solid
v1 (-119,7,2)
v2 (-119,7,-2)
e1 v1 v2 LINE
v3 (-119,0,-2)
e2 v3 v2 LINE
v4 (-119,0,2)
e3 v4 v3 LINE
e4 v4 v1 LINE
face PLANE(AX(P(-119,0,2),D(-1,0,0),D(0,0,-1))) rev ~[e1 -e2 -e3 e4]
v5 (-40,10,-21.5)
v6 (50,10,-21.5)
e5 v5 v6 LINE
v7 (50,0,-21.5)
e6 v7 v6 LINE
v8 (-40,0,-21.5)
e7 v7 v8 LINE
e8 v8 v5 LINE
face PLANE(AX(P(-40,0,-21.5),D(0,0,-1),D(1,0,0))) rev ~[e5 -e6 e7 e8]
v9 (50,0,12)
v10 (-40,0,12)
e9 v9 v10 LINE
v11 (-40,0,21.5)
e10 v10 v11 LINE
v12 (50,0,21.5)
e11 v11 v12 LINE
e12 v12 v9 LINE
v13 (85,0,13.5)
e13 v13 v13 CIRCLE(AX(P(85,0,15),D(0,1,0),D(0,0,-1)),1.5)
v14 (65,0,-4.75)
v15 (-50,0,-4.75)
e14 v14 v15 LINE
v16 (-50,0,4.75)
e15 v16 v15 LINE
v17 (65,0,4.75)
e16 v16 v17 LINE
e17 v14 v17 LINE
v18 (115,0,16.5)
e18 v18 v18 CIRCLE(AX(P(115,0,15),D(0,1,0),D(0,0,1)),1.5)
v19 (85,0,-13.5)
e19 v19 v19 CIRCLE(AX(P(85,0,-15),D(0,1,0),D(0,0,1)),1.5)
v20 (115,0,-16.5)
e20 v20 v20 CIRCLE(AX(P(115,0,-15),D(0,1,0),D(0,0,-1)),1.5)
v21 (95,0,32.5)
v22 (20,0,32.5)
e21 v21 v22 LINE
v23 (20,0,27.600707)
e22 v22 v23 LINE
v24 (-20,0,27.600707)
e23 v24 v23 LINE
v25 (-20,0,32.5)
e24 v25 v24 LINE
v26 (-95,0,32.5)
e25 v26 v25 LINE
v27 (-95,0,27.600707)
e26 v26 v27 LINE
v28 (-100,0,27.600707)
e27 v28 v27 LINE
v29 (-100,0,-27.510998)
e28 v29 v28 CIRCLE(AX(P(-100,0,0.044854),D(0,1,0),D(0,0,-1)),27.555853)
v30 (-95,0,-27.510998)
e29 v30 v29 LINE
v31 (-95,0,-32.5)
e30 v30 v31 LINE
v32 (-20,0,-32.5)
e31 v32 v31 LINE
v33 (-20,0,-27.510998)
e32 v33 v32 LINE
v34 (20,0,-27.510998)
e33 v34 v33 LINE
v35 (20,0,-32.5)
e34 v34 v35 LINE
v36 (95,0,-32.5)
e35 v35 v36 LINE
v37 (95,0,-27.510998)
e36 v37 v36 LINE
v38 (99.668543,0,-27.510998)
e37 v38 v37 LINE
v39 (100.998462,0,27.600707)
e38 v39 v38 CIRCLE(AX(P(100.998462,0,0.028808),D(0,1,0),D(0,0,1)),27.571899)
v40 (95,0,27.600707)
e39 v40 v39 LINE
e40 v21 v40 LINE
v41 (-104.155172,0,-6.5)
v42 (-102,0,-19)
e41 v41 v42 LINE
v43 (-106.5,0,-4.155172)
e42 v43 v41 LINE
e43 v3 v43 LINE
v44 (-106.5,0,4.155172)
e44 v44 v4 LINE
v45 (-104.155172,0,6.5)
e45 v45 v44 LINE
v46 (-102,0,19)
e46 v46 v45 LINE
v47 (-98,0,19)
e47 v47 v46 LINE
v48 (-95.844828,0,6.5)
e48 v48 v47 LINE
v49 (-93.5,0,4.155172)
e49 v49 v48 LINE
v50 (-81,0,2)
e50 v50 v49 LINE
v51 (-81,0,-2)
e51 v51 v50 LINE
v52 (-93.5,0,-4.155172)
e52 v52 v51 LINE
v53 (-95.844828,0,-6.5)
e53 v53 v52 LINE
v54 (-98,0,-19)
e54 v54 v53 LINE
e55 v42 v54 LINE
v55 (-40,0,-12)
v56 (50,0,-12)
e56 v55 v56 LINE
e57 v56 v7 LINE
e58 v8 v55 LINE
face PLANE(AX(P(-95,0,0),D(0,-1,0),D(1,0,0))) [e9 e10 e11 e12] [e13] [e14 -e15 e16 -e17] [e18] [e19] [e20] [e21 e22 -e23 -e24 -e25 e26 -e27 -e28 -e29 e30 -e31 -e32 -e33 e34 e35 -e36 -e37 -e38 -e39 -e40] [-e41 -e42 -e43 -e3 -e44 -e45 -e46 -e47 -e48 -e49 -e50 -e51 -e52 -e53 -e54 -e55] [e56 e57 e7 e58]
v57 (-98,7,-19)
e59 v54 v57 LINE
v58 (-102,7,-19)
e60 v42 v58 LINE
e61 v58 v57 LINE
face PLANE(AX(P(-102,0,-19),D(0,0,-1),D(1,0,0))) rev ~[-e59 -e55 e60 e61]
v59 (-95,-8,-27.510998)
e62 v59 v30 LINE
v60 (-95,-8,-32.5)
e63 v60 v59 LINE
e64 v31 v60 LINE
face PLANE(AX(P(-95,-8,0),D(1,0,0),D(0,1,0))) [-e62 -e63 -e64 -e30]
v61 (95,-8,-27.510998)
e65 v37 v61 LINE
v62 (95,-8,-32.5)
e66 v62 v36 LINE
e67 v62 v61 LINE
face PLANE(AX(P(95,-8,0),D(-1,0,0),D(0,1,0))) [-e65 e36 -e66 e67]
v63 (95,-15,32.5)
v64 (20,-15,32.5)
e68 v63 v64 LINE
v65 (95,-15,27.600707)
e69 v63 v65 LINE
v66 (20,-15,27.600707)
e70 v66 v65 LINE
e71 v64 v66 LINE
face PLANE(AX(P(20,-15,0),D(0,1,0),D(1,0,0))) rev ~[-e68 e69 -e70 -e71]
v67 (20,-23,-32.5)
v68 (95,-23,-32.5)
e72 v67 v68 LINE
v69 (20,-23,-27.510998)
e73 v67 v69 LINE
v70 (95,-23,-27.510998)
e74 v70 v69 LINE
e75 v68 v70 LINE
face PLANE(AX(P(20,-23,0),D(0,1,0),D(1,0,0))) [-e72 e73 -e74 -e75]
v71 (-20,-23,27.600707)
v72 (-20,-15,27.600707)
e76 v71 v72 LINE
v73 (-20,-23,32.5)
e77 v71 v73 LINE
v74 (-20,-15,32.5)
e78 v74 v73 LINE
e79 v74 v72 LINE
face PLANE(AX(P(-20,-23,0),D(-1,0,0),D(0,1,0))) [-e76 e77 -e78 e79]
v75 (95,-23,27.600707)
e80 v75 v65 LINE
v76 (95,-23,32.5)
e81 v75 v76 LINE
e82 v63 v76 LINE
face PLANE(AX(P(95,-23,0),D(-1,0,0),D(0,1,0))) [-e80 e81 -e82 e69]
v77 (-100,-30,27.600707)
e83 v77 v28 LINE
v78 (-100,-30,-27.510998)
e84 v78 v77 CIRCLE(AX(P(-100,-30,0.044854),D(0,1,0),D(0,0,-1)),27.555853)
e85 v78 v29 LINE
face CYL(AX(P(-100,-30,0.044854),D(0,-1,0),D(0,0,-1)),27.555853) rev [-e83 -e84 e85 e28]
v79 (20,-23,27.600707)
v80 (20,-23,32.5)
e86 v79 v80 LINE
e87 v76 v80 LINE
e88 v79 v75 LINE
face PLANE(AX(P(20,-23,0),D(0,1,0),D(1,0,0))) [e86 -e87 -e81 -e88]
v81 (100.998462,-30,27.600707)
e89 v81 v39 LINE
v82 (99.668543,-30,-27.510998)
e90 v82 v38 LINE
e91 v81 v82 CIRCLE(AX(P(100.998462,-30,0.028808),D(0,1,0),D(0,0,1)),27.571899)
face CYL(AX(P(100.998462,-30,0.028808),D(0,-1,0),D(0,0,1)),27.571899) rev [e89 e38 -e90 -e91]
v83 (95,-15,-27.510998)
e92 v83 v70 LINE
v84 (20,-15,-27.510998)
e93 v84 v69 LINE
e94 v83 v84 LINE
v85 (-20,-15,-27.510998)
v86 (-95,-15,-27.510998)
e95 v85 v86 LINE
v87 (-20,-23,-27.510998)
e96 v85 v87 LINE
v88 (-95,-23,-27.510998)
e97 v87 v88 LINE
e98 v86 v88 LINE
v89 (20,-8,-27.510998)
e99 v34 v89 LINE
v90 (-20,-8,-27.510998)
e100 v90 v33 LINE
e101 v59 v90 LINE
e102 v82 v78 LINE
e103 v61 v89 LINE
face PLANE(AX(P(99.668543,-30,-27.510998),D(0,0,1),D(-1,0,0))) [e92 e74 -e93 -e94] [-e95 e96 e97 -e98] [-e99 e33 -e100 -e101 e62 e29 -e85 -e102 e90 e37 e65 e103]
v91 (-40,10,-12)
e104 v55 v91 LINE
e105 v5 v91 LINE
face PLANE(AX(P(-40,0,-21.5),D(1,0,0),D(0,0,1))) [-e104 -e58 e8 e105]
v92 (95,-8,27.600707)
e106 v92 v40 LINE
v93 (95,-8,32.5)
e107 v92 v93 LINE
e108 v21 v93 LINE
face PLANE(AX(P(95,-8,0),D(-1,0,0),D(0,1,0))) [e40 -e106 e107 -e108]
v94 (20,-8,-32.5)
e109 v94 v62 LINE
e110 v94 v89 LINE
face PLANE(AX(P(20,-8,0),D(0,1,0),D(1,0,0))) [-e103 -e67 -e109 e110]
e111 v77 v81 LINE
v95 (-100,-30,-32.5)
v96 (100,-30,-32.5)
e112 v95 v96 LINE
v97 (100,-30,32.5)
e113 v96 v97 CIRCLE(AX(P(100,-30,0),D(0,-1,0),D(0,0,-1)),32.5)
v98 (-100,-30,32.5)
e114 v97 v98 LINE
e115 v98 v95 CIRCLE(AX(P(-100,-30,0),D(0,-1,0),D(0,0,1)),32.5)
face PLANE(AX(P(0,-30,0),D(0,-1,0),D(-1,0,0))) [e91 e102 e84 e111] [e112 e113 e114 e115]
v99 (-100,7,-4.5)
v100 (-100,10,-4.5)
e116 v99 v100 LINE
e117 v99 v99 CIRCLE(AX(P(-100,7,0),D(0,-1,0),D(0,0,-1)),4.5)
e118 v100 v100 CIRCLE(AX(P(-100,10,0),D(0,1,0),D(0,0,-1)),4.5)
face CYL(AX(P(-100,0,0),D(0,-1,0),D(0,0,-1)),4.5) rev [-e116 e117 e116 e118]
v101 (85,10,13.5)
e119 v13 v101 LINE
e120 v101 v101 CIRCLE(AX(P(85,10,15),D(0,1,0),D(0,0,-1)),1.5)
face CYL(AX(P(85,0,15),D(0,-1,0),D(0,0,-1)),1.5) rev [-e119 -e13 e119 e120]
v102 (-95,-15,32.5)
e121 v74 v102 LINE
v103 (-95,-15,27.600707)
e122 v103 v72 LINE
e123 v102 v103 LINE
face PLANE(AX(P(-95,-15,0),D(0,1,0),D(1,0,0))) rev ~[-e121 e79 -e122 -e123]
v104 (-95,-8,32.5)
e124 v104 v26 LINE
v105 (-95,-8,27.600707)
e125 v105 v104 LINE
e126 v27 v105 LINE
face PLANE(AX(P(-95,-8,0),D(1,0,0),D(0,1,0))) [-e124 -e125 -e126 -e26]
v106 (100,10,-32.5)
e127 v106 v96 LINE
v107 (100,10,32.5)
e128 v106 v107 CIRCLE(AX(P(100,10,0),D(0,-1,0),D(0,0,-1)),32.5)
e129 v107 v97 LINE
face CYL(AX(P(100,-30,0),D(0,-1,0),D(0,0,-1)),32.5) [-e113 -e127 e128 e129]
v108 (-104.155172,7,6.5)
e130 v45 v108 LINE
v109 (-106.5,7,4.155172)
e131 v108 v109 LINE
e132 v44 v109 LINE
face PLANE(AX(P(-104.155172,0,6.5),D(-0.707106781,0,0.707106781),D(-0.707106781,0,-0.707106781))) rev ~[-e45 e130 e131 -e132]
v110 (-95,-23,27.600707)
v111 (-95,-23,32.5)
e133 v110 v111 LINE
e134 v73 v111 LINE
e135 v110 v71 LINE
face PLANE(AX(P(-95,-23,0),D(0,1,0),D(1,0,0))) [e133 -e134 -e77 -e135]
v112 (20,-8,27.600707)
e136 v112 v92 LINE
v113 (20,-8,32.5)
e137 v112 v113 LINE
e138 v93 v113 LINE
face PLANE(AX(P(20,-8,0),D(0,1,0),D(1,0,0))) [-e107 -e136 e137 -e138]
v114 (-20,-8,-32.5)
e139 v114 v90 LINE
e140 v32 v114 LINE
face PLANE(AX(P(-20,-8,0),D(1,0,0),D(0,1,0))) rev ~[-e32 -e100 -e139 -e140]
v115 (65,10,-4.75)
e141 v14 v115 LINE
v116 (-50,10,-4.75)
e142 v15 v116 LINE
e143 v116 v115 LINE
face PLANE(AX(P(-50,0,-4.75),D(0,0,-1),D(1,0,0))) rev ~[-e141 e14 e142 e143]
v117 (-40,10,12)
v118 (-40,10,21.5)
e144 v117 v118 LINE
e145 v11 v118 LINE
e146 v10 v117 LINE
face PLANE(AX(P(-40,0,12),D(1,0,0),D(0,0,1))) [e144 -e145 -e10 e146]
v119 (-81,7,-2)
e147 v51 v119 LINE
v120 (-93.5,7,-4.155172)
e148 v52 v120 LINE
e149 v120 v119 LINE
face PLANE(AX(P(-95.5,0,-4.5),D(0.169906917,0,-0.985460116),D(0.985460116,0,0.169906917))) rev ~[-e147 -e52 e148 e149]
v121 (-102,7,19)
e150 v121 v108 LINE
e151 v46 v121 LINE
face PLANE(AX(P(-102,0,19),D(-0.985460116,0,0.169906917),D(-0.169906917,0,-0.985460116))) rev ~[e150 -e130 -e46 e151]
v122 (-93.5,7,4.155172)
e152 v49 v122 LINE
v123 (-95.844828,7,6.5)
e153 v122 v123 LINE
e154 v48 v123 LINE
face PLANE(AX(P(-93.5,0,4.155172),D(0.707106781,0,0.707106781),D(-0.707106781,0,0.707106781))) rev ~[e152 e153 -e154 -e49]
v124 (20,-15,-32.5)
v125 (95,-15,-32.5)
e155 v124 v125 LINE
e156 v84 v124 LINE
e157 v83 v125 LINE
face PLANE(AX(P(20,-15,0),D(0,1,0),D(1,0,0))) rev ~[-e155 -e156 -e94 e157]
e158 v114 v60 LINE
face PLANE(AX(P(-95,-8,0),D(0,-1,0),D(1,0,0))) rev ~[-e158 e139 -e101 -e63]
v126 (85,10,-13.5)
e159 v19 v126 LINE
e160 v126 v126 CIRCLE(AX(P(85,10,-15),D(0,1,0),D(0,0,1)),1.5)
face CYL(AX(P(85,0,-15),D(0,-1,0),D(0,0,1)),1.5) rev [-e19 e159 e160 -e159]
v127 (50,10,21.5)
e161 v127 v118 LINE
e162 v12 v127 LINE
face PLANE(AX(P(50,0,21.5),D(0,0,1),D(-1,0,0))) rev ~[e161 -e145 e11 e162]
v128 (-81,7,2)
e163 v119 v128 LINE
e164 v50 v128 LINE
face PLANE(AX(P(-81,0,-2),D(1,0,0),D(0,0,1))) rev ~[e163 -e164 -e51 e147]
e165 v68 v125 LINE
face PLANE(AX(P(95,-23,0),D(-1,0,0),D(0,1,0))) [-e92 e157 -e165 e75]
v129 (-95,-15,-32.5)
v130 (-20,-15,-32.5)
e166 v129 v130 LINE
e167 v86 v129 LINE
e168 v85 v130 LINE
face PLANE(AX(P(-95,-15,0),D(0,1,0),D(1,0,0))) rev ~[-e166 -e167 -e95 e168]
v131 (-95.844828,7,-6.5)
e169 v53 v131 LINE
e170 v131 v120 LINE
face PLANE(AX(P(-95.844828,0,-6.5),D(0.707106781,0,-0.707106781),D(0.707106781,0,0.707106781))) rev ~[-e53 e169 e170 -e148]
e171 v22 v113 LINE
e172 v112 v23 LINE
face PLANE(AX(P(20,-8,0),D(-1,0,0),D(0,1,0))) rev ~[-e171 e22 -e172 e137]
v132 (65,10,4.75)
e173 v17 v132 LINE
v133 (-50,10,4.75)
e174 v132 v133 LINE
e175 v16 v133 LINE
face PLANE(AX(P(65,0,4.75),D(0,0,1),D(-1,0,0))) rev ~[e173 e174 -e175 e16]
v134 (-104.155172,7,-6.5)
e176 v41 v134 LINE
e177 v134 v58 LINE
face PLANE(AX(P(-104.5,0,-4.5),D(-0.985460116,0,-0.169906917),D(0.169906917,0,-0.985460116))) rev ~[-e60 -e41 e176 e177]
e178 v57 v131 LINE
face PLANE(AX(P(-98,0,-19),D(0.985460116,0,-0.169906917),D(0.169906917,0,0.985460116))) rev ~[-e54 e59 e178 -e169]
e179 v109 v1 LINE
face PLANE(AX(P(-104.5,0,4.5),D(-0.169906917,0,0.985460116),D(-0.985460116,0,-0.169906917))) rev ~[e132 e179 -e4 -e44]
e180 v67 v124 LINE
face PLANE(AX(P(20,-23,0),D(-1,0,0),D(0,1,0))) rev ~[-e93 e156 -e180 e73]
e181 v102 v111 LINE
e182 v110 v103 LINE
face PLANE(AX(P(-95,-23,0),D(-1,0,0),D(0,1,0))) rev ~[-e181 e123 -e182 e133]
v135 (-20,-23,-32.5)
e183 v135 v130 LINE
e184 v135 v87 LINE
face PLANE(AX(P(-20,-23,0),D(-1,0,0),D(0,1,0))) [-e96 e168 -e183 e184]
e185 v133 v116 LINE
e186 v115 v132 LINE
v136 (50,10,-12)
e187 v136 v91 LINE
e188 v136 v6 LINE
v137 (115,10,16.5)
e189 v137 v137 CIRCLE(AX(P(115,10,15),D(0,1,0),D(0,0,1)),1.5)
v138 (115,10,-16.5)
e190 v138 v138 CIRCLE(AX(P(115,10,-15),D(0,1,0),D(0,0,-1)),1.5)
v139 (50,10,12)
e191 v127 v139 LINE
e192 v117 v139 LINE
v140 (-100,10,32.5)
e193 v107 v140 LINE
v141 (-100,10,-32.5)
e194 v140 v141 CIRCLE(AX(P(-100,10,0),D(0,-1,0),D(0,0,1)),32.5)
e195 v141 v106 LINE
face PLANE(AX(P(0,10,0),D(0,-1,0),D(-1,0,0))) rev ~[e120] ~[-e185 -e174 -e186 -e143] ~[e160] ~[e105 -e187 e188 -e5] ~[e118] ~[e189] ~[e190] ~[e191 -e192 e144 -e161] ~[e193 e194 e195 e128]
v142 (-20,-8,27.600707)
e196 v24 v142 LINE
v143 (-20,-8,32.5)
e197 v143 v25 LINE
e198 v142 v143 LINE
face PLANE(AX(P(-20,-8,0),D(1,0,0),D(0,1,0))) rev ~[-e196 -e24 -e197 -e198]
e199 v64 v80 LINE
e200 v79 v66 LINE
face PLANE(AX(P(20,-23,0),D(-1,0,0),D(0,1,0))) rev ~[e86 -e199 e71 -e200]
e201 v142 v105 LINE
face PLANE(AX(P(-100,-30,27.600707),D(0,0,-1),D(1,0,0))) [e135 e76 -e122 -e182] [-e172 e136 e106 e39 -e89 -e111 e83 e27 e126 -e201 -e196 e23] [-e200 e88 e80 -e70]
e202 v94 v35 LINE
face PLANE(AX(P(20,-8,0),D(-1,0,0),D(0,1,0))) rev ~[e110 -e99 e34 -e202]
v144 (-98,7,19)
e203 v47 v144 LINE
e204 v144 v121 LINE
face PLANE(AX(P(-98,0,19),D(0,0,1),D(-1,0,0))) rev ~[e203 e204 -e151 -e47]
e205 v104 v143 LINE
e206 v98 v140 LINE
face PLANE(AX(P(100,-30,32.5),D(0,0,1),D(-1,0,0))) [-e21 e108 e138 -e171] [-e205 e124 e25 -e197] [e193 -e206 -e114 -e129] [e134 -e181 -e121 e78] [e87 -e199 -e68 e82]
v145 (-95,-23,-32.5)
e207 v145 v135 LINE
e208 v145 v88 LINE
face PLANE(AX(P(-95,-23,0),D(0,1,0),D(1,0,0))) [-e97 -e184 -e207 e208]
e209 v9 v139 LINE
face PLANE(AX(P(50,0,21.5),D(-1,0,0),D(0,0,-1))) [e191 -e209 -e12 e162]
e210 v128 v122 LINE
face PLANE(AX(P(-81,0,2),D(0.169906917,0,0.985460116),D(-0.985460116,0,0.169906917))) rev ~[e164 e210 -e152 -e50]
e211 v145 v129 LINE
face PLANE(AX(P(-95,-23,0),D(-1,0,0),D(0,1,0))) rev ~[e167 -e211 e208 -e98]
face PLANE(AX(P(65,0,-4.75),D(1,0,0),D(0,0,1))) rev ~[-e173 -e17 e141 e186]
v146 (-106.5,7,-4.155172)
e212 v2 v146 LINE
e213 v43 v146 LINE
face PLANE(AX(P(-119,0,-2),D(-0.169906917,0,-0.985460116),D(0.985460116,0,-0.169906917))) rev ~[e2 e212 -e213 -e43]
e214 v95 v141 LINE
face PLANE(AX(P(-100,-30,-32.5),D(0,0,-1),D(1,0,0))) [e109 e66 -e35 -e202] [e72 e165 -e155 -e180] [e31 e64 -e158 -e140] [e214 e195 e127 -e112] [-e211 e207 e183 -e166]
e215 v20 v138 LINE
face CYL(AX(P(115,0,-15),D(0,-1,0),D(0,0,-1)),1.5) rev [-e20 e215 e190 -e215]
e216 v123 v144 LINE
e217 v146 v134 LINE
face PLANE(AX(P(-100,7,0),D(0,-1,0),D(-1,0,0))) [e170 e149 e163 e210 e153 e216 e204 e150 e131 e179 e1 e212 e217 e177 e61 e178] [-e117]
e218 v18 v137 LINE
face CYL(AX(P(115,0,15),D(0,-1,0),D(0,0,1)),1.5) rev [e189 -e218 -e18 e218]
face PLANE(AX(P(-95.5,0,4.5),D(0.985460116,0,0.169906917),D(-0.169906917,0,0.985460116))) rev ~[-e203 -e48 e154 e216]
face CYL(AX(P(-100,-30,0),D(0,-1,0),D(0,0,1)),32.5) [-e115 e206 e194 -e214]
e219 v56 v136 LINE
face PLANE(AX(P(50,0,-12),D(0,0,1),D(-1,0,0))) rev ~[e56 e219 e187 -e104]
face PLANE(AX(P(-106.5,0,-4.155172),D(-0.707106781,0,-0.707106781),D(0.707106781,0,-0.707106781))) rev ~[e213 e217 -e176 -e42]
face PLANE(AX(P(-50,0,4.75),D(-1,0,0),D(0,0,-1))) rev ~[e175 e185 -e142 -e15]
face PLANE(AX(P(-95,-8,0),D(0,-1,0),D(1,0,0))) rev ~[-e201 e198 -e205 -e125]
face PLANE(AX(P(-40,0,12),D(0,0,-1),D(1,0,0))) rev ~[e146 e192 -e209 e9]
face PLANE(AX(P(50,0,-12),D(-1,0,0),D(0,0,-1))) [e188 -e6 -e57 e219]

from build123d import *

# Parameters (mm, degrees)
SKETCH1_R           = 1.5
BOSS_EXTRUDE1_DEPTH = 10
BOSS_EXTRUDE2_START = -30
BOSS_EXTRUDE2_DEPTH = 30
SKETCH3_W           = 75
SKETCH3_H           = 8
CUT_EXTRUDE1_DEPTH  = 45
CUT_EXTRUDE2_DEPTH  = 7
SKETCH5_R           = 4.5
CUT_EXTRUDE3_DEPTH  = 10
CUT_EXTRUDE4_DEPTH  = 7


with BuildPart() as part:
    # Sketch1 → Boss-Extrude1 (new body)
    with BuildSketch(Plane(origin=(0, 0, 0), x_dir=(1, 0, 0), z_dir=(0, 1, 0))):
        with BuildLine():
            Line((-100, 32.5), (100, 32.5))
            ThreePointArc((100, 32.5), (132.5, 0), (100, -32.5))
            Line((100, -32.5), (-100, -32.5))
            ThreePointArc((-100, -32.5), (-132.5, 0), (-100, 32.5))
        make_face()
        with Locations(Location((85, 15, 0), (0, 0, 270))):
            Circle(SKETCH1_R, mode=Mode.SUBTRACT)
        with Locations(Location((115, 15, 0), (0, 0, 90))):
            Circle(SKETCH1_R, mode=Mode.SUBTRACT)
        with Locations(Location((85, -15, 0), (0, 0, 90))):
            Circle(SKETCH1_R, mode=Mode.SUBTRACT)
        with Locations(Location((115, -15, 0), (0, 0, 270))):
            Circle(SKETCH1_R, mode=Mode.SUBTRACT)
        Polygon((0, 21.5), (-40, 21.5), (-40, 12), (0, 12), (50, 12), (50, 21.5), align=None, mode=Mode.SUBTRACT)
        Polygon((-50, 4.75), (0, 4.75), (65, 4.75), (65, -4.75), (0, -4.75), (-50, -4.75), align=None, mode=Mode.SUBTRACT)
        Polygon((0, -12), (-40, -12), (-40, -21.5), (0, -21.5), (50, -21.5), (50, -12), align=None, mode=Mode.SUBTRACT)
    extrude(amount=BOSS_EXTRUDE1_DEPTH)

    # Sketch2 → Boss-Extrude2 (add)
    with BuildSketch(Plane(origin=(0, 0, 0), x_dir=(1, 0, 0), z_dir=(0, 1, 0)).offset(BOSS_EXTRUDE2_START)):
        with BuildLine():
            Line((-100, 32.5), (100, 32.5))
            ThreePointArc((100, 32.5), (132.5, 0), (100, -32.5))
            Line((100, -32.5), (-100, -32.5))
            ThreePointArc((-100, -32.5), (-132.5, 0), (-100, 32.5))
        make_face()
        with BuildLine():
            Line((99.668543355, 27.510998447), (-100, 27.510998447))
            ThreePointArc((-100, 27.510998447), (-127.55585262, -0.044854173), (-100, -27.600706793))
            Line((-100, -27.600706793), (100.998461852, -27.600706793))
            ThreePointArc((100.998461852, -27.600706793), (128.562336478, 0.636345006), (99.668543355, 27.510998447))
        make_face(mode=Mode.SUBTRACT)
    extrude(amount=BOSS_EXTRUDE2_DEPTH)

    # Sketch3 → Cut-Extrude1 (cut, symmetric)
    with BuildSketch(Plane.XY):
        with Locations((-57.5, -19)):
            Rectangle(SKETCH3_W, SKETCH3_H)
        with Locations((57.5, -19)):
            Rectangle(SKETCH3_W, SKETCH3_H)
        with Locations((57.5, -4)):
            Rectangle(SKETCH3_W, SKETCH3_H)
        with Locations((-57.5, -4)):
            Rectangle(SKETCH3_W, SKETCH3_H)
    extrude(amount=CUT_EXTRUDE1_DEPTH, both=True, mode=Mode.SUBTRACT)

    # Sketch4 → Cut-Extrude2 (cut)
    with BuildSketch(Plane(origin=(0, 0, 0), x_dir=(1, 0, 0), z_dir=(0, 1, 0))):
        Polygon((-102, 19), (-98, 19), (-95.5, 4.5), (-81, 2), (-81, -2), (-95.5, -4.5), (-98, -19), (-102, -19), (-104.5, -4.5), (-119, -2), (-119, 2), (-104.5, 4.5), align=None)
    extrude(amount=CUT_EXTRUDE2_DEPTH, mode=Mode.SUBTRACT)

    # Sketch5 → Cut-Extrude3 (cut)
    with BuildSketch(Plane(origin=(0, 0, 0), x_dir=(1, 0, 0), z_dir=(0, 1, 0))):
        with Locations(Location((-100, 0, 0), (0, 0, 90))):
            Circle(SKETCH5_R)
    extrude(amount=CUT_EXTRUDE3_DEPTH, mode=Mode.SUBTRACT)

    # Sketch7 → Cut-Extrude4 (cut)
    with BuildSketch(Plane.XZ):
        Polygon((-106.5, 4.155172414), (-106.5, -4.155172414), (-104.155172414, -6.5), (-95.844827586, -6.5), (-93.5, -4.155172414), (-93.5, 4.155172414), (-95.844827586, 6.5), (-104.155172414, 6.5), align=None)
    extrude(amount=-CUT_EXTRUDE4_DEPTH, mode=Mode.SUBTRACT)


solid = part.part
